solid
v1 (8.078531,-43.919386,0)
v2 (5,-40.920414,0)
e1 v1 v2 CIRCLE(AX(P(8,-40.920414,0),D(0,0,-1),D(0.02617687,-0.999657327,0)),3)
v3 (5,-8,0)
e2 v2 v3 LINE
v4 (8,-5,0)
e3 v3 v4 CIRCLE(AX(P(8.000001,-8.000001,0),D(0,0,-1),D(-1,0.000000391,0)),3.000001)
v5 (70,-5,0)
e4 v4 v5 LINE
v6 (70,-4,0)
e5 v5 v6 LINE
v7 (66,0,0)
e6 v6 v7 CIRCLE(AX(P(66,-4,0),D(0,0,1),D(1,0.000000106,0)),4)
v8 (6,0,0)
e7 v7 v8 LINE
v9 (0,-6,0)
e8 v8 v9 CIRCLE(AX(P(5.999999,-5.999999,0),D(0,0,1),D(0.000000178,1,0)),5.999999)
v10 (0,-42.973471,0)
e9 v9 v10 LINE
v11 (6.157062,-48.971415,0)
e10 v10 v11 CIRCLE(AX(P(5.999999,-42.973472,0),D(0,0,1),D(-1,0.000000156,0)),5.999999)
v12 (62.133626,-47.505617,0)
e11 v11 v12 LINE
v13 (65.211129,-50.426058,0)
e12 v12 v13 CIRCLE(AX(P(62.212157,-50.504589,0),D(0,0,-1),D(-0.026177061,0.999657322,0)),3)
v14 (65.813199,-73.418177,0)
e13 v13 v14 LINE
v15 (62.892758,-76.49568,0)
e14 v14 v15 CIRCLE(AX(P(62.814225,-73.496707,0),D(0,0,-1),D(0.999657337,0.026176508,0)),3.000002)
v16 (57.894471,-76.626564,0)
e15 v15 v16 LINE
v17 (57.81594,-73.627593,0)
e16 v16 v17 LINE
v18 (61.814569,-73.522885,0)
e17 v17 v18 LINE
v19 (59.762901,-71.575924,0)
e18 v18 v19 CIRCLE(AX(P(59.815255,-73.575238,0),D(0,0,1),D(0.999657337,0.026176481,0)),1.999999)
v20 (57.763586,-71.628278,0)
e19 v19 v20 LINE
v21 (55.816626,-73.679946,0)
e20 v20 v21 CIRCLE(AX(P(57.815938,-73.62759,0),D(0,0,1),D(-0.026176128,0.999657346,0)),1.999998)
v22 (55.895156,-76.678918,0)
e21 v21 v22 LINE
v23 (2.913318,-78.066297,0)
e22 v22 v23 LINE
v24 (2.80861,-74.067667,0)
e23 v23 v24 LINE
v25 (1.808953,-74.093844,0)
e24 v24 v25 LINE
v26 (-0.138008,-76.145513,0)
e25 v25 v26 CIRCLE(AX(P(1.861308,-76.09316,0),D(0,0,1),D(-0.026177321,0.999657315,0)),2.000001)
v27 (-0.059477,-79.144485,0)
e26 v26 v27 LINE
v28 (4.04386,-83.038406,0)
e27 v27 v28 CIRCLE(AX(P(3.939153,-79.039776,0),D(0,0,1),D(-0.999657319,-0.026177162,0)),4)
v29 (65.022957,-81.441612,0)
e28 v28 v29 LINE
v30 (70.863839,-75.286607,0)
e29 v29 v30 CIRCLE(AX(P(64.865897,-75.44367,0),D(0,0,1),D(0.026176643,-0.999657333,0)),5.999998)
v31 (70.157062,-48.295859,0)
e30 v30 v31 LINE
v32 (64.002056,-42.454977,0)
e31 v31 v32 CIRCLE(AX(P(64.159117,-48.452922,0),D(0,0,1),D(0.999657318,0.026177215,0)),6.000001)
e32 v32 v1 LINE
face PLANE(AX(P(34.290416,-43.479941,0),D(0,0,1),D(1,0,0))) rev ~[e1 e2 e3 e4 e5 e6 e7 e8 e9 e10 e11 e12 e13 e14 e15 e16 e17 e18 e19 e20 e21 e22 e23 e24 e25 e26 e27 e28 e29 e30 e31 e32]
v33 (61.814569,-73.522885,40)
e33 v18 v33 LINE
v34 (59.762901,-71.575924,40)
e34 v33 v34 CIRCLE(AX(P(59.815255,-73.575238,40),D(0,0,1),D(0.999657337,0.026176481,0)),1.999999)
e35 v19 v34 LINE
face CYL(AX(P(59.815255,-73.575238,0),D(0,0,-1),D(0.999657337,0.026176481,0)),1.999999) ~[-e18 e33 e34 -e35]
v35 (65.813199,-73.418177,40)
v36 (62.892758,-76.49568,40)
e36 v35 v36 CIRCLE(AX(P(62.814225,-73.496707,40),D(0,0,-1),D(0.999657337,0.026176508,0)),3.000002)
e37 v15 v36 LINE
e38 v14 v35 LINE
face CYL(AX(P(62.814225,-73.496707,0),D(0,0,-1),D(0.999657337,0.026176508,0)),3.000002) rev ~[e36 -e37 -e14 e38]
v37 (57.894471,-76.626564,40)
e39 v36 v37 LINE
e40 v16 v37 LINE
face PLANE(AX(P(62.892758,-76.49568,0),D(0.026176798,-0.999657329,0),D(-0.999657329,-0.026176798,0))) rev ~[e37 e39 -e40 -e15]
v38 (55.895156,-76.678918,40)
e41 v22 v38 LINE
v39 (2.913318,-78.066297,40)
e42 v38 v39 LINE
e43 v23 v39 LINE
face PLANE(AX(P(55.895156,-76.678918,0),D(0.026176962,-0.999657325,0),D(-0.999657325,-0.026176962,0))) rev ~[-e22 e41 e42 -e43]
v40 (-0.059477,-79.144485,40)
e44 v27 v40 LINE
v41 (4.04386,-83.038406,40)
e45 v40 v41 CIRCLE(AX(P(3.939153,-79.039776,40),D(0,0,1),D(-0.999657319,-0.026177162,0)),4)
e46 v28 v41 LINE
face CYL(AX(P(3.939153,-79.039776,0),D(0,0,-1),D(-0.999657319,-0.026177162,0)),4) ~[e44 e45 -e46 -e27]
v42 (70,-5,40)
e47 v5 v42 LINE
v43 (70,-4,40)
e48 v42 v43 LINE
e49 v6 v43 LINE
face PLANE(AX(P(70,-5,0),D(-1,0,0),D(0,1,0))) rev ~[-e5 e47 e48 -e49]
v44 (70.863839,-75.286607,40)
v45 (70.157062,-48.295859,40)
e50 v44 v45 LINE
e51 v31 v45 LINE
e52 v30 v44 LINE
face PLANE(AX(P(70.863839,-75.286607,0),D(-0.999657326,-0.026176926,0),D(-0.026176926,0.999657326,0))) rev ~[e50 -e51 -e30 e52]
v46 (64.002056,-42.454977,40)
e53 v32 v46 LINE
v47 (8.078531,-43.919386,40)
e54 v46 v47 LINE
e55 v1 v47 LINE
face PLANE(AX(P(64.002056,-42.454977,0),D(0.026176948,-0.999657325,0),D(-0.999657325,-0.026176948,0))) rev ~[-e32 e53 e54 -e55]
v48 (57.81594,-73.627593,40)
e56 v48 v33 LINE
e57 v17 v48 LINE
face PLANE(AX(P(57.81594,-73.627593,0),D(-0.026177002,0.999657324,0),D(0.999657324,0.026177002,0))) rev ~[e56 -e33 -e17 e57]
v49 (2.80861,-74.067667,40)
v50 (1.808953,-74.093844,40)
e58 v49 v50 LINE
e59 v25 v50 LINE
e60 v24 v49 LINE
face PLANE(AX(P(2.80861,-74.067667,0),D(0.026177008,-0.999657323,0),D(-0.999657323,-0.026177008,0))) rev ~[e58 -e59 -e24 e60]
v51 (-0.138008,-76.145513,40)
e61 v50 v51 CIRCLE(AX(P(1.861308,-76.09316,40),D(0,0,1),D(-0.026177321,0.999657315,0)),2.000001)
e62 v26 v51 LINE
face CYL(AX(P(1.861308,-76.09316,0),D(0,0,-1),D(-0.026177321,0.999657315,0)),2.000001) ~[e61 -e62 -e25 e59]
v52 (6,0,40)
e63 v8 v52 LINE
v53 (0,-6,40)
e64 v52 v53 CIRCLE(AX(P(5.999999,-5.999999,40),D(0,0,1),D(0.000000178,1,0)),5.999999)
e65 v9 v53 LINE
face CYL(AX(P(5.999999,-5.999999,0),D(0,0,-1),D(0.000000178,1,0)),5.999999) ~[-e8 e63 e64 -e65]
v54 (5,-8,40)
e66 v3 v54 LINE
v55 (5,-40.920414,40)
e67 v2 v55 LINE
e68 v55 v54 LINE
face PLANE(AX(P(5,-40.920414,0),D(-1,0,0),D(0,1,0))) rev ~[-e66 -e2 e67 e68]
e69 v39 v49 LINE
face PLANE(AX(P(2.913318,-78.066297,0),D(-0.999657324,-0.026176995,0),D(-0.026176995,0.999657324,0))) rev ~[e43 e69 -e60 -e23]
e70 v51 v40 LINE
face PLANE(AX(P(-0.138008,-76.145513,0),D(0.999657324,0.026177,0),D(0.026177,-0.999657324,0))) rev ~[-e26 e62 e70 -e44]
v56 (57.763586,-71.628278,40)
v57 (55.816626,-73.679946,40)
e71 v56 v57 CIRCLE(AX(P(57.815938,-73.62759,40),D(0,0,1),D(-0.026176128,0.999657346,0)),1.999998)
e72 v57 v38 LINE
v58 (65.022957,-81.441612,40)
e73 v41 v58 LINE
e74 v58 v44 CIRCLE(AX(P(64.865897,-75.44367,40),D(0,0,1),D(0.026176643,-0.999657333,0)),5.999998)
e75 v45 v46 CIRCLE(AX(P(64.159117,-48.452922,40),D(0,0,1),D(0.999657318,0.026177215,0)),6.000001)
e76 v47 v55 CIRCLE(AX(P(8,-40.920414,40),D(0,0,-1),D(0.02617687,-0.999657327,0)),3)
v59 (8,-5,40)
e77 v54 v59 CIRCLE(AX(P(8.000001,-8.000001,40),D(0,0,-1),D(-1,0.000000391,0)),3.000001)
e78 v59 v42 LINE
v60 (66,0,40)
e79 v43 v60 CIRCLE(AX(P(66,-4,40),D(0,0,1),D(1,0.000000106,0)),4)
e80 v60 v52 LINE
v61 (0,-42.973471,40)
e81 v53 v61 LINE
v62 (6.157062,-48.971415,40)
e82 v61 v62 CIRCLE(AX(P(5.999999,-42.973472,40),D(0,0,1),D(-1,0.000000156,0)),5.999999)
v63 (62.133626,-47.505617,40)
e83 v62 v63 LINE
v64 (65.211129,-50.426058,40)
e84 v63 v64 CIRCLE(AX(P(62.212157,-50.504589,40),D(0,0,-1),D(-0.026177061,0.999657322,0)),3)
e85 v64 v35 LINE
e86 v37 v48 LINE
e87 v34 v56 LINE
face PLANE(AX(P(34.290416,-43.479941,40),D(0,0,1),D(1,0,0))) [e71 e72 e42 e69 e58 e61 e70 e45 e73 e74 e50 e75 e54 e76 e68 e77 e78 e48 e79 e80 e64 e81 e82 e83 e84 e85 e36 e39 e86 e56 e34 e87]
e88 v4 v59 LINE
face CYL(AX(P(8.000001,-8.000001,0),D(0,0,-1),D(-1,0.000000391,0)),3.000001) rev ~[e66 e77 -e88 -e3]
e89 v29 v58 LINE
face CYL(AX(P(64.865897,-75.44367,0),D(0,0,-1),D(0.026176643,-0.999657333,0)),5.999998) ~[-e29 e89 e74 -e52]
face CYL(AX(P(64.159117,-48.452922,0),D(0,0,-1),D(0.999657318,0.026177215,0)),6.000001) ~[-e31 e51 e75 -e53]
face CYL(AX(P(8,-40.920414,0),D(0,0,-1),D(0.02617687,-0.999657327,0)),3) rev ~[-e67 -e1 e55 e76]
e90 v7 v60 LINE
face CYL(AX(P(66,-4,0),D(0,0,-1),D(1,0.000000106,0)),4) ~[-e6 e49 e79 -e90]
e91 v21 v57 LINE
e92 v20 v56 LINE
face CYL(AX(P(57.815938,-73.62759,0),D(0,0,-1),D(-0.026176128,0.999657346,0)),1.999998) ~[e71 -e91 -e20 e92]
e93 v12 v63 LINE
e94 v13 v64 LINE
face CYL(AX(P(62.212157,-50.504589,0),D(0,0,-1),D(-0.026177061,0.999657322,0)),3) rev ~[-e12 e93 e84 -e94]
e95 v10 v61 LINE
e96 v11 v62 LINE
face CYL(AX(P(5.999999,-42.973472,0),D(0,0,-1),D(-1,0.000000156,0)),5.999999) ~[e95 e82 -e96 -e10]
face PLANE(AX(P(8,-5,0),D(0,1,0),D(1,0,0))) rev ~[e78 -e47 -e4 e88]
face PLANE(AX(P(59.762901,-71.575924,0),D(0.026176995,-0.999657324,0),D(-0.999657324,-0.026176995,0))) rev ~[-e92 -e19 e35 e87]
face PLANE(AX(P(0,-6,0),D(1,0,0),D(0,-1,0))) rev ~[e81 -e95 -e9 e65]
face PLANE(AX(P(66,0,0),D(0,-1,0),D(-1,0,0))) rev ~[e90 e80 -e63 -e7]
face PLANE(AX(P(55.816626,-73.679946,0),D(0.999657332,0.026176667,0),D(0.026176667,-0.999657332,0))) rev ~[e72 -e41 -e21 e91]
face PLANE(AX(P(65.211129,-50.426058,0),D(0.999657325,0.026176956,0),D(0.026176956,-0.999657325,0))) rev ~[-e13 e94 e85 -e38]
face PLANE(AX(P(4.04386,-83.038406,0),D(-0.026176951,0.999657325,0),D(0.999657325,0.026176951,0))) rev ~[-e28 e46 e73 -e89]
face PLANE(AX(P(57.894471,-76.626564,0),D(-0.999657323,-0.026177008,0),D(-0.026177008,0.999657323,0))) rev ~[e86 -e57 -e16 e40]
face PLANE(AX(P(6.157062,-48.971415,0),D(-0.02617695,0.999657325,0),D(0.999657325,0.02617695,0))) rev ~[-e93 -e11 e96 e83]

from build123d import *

# Parameters (mm, degrees)
F1_DEPTH = 40


with BuildPart() as f1:
    # F0 (on Top) → F1 (new body)
    with BuildSketch(Plane.XY):
        with BuildLine():
            Line((66, 0), (6, 0))
            ThreePointArc((6, 0), (1.757359, -1.757359), (0, -6))
            Line((0, -6), (0, -42.973471))
            ThreePointArc((0, -42.973471), (1.813257, -47.271283), (6.157062, -48.971415))
            Line((6.157062, -48.971415), (62.133626, -47.505617))
            ThreePointArc((62.133626, -47.505617), (64.277221, -48.328466), (65.211129, -50.426058))
            Line((65.211129, -50.426058), (65.813199, -73.418177))
            ThreePointArc((65.813199, -73.418177), (64.99035, -75.561771), (62.892758, -76.49568))
            Line((62.892758, -76.49568), (57.894471, -76.626564))
            Line((57.894471, -76.626564), (57.81594, -73.627593))
            Line((57.81594, -73.627593), (61.814569, -73.522885))
            ThreePointArc((61.814569, -73.522885), (61.191964, -72.12449), (59.762901, -71.575924))
            Line((59.762901, -71.575924), (57.763586, -71.628278))
            ThreePointArc((57.763586, -71.628278), (56.365191, -72.250883), (55.816626, -73.679946))
            Line((55.816626, -73.679946), (55.895156, -76.678918))
            Line((55.895156, -76.678918), (2.913318, -78.066297))
            Line((2.913318, -78.066297), (2.80861, -74.067667))
            Line((2.80861, -74.067667), (1.808953, -74.093844))
            ThreePointArc((1.808953, -74.093844), (0.410558, -74.71645), (-0.138008, -76.145513))
            Line((-0.138008, -76.145513), (-0.059477, -79.144485))
            ThreePointArc((-0.059477, -79.144485), (1.185734, -81.941274), (4.04386, -83.038406))
            Line((4.04386, -83.038406), (65.022957, -81.441612))
            ThreePointArc((65.022957, -81.441612), (69.218142, -79.573796), (70.863839, -75.286607))
            Line((70.863839, -75.286607), (70.157062, -48.295859))
            ThreePointArc((70.157062, -48.295859), (68.289245, -44.100675), (64.002056, -42.454977))
            Line((64.002056, -42.454977), (8.078531, -43.919386))
            ThreePointArc((8.078531, -43.919386), (5.906629, -43.06932), (5, -40.920414))
            Line((5, -40.920414), (5, -8))
            ThreePointArc((5, -8), (5.87868, -5.87868), (8, -5))
            Line((8, -5), (70, -5))
            Line((70, -5), (70, -4))
            ThreePointArc((70, -4), (68.828427, -1.171573), (66, 0))
        make_face()
    extrude(amount=F1_DEPTH)


solid = f1.part
